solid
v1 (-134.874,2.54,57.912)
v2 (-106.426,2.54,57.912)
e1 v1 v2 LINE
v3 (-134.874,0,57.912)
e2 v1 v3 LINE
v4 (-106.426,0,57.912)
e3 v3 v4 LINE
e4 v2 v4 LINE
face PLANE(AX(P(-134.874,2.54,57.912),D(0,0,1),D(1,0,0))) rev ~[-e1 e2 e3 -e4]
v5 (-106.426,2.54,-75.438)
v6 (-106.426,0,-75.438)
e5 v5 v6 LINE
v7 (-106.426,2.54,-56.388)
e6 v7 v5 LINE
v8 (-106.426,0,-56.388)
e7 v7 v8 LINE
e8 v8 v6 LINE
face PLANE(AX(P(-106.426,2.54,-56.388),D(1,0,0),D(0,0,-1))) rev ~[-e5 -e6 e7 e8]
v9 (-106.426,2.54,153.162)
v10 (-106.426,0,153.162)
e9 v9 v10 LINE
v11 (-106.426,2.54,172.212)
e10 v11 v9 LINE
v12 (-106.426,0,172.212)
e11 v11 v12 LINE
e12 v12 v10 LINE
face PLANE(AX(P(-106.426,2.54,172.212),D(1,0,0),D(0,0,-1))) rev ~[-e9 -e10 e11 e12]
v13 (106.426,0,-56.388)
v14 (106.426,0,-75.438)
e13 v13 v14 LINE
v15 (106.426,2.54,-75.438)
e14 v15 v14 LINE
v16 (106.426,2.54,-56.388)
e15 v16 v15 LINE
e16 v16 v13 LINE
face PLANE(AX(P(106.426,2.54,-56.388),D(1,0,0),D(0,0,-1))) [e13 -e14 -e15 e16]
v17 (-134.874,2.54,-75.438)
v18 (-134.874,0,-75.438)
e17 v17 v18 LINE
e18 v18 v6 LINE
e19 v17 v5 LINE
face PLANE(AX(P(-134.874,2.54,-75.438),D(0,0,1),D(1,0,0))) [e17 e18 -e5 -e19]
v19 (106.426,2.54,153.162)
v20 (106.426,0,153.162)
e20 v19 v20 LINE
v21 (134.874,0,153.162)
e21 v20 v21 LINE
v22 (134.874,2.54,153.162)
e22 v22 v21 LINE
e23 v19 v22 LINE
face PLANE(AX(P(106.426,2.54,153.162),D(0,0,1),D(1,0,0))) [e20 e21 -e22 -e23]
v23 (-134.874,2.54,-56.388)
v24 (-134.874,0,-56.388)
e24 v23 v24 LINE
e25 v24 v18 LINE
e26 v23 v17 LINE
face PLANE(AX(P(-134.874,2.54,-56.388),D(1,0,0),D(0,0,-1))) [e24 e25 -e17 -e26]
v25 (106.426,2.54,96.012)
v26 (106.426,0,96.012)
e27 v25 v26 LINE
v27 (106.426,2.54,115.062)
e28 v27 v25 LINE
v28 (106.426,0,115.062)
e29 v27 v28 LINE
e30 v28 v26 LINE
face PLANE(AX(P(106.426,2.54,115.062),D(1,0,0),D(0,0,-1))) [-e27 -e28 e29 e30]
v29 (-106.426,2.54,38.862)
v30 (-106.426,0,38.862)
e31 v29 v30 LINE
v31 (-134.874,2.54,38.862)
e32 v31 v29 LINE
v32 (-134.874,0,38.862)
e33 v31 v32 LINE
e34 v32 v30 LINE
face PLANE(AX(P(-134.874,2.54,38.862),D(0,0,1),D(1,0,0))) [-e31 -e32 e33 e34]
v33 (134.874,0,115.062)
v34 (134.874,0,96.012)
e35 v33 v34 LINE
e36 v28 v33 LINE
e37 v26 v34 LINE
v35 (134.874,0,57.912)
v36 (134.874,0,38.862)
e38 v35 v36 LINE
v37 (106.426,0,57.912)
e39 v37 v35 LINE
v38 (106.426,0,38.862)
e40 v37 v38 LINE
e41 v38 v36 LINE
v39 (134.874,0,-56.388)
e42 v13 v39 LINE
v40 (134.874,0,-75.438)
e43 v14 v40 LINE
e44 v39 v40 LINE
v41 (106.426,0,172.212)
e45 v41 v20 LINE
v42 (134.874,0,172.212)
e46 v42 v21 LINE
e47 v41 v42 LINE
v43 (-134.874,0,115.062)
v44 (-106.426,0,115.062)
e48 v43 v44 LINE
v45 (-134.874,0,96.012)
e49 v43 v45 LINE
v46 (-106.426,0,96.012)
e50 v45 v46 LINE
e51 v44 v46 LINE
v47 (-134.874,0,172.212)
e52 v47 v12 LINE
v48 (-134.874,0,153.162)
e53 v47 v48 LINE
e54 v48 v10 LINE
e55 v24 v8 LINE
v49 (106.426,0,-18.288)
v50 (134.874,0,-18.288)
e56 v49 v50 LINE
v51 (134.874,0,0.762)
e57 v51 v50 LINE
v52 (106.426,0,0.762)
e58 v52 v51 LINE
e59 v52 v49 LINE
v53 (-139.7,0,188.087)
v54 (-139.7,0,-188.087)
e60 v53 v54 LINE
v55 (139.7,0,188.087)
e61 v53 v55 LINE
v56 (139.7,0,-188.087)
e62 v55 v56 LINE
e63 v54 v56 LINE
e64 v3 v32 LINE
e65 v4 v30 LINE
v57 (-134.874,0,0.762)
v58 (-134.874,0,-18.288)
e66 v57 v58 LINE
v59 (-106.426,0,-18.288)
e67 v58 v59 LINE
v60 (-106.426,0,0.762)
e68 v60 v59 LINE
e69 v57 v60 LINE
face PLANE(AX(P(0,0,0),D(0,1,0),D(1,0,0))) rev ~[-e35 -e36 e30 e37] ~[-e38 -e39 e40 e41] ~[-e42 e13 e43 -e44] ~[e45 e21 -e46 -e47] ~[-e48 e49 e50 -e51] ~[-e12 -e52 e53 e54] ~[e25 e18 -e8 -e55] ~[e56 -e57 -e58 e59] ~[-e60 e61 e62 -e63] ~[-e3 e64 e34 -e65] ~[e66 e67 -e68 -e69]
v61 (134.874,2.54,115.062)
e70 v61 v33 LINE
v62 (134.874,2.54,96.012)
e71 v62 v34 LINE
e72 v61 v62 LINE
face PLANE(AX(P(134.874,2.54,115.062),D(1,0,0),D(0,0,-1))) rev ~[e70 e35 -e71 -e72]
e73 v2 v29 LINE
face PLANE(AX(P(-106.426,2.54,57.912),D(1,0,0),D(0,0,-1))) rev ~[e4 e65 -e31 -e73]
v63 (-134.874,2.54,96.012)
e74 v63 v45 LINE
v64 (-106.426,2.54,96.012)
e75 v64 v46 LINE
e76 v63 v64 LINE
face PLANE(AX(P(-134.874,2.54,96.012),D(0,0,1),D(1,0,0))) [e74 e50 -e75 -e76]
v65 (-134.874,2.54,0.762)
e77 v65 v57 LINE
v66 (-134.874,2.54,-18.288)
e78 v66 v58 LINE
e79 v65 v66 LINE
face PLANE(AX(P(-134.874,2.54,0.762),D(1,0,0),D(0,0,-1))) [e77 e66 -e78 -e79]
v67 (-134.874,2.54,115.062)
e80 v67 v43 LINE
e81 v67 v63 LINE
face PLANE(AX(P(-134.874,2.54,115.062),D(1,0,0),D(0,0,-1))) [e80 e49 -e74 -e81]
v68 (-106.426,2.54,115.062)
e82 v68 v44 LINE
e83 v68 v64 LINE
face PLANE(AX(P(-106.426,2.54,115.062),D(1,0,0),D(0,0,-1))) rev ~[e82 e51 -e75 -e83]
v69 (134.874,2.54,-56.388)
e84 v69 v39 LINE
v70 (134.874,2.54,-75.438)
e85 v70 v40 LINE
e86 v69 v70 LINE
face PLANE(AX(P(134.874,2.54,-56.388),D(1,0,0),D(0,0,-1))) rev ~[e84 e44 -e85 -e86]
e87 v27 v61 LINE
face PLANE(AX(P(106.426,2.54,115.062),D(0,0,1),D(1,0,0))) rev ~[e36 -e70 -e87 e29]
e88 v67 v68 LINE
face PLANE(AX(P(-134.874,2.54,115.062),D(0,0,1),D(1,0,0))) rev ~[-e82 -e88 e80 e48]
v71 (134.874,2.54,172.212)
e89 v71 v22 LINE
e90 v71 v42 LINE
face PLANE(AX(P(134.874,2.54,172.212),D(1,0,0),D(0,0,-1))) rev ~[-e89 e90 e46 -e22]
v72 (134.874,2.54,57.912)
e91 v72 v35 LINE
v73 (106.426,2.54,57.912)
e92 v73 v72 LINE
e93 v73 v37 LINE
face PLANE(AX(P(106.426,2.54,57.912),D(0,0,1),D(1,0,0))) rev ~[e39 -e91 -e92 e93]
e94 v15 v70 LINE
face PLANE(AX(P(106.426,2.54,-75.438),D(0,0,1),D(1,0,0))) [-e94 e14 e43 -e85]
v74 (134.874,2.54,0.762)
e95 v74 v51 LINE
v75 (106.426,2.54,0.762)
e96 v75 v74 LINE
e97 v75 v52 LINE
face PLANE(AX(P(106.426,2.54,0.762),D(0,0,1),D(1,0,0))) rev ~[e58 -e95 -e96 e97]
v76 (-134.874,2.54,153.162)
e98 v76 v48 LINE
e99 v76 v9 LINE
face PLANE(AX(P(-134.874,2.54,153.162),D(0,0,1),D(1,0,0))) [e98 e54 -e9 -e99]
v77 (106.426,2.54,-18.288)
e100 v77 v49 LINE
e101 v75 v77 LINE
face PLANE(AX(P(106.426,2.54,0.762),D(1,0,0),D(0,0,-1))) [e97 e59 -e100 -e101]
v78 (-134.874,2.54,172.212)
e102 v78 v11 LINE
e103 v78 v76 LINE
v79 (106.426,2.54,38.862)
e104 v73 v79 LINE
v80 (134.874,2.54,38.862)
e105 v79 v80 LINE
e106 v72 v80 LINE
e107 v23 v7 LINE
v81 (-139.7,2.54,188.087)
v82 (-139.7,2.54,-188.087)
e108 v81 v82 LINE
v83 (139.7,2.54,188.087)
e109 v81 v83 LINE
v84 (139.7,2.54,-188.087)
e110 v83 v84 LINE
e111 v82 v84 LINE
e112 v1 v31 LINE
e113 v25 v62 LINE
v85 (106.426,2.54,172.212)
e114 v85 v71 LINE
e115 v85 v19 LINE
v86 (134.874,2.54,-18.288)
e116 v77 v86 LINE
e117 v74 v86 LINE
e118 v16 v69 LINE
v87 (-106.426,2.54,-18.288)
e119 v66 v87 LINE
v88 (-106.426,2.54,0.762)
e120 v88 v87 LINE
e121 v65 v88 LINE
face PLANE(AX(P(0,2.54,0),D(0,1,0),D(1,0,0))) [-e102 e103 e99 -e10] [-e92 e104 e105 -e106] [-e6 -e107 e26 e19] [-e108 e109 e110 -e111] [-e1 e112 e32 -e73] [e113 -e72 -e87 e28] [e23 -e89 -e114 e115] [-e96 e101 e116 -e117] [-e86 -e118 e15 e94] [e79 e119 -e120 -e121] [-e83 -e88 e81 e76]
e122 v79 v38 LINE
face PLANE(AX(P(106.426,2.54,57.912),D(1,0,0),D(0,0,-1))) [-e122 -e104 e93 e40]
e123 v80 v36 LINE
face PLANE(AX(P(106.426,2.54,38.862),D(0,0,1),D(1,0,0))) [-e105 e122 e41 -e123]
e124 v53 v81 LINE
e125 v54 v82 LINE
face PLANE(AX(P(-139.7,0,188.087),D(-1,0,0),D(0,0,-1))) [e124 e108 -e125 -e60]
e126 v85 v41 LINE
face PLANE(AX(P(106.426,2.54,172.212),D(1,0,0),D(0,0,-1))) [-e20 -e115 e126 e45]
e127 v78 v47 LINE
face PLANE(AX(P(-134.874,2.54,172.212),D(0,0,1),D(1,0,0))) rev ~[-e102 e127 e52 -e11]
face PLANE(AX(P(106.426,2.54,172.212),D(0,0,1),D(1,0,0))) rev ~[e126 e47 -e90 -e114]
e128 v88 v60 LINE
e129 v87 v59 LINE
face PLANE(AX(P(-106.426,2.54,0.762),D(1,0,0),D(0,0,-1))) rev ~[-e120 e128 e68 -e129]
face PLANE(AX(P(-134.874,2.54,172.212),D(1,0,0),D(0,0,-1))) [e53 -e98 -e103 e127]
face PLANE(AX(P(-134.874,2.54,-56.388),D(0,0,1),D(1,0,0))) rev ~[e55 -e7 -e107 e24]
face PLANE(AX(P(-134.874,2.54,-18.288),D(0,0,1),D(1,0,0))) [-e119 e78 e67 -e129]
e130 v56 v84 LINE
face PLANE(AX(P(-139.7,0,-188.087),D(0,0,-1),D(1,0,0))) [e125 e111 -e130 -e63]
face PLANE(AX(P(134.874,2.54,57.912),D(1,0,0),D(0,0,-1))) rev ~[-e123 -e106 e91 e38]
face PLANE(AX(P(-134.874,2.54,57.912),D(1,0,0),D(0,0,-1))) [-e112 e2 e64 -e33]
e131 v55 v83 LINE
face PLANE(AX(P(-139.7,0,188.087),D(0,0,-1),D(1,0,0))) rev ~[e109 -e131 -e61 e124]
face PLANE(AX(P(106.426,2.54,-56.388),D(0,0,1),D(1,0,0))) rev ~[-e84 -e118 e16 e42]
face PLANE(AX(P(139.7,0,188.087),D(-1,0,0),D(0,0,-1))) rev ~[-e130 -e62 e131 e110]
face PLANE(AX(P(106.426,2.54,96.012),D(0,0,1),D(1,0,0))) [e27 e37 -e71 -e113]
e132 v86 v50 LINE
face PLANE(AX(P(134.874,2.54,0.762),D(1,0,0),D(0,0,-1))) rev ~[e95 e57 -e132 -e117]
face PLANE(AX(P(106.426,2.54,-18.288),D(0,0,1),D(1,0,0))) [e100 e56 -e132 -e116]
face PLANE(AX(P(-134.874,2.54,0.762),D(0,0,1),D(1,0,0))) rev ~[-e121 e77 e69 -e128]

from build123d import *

# Parameters (mm, degrees)
SKETCH1_W           = 279.4
SKETCH1_H           = 376.174
BOSS_EXTRUDE1_DEPTH = 2.54
SKETCH2_W           = 28.448
SKETCH2_H           = 19.05
CUT_EXTRUDE1_DEPTH  = 235.305913645


with BuildPart() as part:
    # Sketch1 → Boss-Extrude1 (new body)
    with BuildSketch(Plane(origin=(0, 0, 0), x_dir=(1, 0, 0), z_dir=(0, 1, 0))):
        Rectangle(SKETCH1_W, SKETCH1_H)
    extrude(amount=BOSS_EXTRUDE1_DEPTH)

    # Sketch2 → Cut-Extrude1 (cut, through all)
    with BuildSketch(Plane(origin=(0, 2.54, 0), x_dir=(1, 0, 0), z_dir=(0, 1, 0))):
        with Locations((-120.65, -105.537)):
            Rectangle(SKETCH2_W, SKETCH2_H)
        with Locations((-120.65, -162.687)):
            Rectangle(SKETCH2_W, SKETCH2_H)
        with Locations((-120.65, -48.387)):
            Rectangle(SKETCH2_W, SKETCH2_H)
        with Locations((-120.65, 8.763)):
            Rectangle(SKETCH2_W, SKETCH2_H)
        with Locations((-120.65, 65.913)):
            Rectangle(SKETCH2_W, SKETCH2_H)
        with Locations((120.65, 65.913)):
            Rectangle(SKETCH2_W, SKETCH2_H)
        with Locations((120.65, 8.763)):
            Rectangle(SKETCH2_W, SKETCH2_H)
        with Locations((120.65, -48.387)):
            Rectangle(SKETCH2_W, SKETCH2_H)
        with Locations((120.65, -105.537)):
            Rectangle(SKETCH2_W, SKETCH2_H)
        with Locations((120.65, -162.687)):
            Rectangle(SKETCH2_W, SKETCH2_H)
    extrude(amount=-CUT_EXTRUDE1_DEPTH, mode=Mode.SUBTRACT)


solid = part.part
